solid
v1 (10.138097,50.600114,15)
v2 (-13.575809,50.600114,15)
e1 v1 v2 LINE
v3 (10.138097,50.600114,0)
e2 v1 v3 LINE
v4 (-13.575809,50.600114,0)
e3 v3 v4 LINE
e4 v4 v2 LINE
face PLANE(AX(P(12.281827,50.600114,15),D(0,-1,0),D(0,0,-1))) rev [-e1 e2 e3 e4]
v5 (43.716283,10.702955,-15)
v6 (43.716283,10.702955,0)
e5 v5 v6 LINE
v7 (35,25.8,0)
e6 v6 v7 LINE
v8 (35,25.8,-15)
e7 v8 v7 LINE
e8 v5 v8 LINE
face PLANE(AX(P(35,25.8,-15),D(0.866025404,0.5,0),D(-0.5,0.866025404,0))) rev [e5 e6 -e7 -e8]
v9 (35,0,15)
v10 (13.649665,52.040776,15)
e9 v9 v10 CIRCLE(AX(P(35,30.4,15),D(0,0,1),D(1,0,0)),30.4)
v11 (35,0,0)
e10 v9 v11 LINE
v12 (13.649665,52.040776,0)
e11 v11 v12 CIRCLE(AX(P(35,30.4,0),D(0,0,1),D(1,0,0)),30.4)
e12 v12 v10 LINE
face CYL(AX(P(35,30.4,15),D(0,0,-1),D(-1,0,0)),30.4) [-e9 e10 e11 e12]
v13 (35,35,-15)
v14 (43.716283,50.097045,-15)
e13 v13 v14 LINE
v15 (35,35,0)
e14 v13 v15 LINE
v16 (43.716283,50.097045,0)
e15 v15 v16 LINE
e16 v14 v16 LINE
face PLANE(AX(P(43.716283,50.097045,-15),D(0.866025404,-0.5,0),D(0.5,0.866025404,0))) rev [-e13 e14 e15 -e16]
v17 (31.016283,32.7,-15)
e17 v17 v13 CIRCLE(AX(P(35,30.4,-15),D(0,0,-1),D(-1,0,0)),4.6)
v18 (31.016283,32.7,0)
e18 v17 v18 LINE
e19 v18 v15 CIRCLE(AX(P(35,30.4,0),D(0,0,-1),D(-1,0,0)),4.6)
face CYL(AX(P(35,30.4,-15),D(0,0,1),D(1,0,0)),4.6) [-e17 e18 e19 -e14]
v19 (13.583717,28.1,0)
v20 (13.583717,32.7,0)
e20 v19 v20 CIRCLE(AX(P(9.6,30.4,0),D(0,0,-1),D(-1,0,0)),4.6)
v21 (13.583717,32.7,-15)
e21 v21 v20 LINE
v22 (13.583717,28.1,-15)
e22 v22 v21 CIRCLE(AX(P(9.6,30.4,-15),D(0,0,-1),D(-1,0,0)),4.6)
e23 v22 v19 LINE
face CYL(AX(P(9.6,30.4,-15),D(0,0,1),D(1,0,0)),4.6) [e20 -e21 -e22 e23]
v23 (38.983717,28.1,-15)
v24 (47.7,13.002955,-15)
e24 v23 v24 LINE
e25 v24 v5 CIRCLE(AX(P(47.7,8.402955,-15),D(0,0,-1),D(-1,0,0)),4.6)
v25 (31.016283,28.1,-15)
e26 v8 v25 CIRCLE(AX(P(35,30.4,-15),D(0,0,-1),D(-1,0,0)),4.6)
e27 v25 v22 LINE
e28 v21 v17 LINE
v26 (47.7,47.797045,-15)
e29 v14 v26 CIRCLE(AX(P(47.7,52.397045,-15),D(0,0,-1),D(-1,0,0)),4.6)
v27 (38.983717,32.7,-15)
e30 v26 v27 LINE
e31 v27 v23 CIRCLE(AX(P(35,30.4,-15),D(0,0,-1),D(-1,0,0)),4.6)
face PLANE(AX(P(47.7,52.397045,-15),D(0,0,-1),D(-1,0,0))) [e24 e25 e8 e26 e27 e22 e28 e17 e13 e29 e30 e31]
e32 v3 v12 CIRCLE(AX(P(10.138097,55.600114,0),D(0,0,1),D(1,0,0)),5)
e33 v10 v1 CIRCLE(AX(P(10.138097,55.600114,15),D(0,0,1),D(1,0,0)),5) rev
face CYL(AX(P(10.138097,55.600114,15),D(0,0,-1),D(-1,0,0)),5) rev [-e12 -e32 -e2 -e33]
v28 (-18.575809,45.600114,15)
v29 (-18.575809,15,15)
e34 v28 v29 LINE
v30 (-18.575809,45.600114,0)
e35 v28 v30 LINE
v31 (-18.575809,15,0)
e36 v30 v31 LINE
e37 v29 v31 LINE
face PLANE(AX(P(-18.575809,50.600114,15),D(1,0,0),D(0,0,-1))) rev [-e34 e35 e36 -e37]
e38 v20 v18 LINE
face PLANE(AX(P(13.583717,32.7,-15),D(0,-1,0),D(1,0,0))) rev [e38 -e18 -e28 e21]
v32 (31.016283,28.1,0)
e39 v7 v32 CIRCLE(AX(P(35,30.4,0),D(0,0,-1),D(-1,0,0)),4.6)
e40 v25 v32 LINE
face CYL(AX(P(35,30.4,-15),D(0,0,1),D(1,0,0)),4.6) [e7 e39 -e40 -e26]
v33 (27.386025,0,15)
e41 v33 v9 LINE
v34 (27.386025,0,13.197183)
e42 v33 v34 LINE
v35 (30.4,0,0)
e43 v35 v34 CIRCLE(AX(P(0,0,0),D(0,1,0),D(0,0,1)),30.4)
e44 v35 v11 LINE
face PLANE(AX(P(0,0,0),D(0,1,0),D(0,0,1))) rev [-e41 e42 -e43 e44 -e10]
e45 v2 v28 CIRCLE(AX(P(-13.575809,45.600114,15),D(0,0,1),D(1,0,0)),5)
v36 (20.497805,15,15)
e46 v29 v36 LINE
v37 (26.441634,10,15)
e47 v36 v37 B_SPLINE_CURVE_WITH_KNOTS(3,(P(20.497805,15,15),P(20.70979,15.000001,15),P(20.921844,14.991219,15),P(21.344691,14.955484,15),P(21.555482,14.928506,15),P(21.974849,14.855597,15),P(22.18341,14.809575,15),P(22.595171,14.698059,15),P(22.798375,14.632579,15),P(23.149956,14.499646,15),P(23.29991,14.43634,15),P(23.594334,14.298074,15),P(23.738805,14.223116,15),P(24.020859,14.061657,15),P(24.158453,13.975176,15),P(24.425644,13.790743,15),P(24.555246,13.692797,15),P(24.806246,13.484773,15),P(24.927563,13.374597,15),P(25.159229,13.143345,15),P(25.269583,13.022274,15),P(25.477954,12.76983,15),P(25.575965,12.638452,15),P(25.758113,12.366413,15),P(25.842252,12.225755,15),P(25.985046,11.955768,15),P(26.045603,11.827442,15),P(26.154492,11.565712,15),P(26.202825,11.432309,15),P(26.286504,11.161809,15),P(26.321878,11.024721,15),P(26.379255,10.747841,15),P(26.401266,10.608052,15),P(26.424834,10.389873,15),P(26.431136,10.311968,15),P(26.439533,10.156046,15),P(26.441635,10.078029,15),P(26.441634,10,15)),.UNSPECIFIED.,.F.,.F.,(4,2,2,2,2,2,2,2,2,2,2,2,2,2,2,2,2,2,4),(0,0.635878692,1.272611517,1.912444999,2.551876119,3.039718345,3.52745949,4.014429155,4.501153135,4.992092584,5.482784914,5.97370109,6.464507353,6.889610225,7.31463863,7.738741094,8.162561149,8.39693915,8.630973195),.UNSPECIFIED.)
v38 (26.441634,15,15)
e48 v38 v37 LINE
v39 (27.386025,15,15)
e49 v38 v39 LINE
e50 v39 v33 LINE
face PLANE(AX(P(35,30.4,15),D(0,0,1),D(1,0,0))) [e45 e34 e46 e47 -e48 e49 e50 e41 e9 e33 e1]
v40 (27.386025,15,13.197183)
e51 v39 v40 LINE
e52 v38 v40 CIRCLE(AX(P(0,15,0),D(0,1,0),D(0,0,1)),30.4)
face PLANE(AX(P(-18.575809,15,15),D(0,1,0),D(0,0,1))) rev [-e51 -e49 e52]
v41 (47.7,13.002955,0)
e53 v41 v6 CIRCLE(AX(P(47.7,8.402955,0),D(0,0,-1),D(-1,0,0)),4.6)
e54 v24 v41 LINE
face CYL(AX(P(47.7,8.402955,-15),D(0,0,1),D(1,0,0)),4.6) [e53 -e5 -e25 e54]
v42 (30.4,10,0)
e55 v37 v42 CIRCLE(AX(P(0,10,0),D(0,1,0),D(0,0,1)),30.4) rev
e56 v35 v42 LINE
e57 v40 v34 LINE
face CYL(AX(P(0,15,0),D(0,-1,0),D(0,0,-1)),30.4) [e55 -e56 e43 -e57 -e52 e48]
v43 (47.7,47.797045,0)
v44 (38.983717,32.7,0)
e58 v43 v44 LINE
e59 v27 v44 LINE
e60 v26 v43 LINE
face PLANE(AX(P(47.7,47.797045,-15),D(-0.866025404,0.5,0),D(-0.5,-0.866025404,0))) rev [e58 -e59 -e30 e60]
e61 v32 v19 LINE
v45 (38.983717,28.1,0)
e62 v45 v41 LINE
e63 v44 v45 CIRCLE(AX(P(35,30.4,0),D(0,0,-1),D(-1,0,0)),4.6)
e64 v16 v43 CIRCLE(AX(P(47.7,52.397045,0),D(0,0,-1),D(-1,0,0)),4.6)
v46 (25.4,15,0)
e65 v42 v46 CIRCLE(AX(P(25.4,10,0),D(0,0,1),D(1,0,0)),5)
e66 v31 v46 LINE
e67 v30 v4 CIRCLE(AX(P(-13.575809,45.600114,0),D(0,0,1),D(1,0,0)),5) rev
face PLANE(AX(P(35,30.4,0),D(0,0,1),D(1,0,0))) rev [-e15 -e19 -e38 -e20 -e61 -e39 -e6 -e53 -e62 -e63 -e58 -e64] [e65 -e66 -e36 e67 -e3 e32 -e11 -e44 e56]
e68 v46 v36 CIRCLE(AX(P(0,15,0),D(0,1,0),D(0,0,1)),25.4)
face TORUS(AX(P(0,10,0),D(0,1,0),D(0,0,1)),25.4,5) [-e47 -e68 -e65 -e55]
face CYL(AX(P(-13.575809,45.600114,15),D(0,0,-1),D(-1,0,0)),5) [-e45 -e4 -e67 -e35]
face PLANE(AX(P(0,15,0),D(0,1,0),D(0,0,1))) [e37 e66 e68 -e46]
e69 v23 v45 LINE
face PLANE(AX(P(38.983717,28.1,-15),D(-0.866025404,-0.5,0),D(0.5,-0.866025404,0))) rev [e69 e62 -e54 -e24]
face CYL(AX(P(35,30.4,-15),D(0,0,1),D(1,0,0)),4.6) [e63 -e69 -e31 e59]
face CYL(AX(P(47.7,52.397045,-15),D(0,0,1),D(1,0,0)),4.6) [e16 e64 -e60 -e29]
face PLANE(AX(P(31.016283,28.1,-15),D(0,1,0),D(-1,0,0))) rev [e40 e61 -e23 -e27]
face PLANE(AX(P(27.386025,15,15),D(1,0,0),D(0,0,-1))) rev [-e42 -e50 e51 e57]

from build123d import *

# Parameters (mm, degrees)
SKETCH1_R           = 30.4
BOSS_EXTRUDE1_DEPTH = 15
BOSS_EXTRUDE7_DEPTH = 15
FILLET2_R           = 5
BOSS_EXTRUDE8_DEPTH = 15


with BuildPart() as part:
    # Sketch1 → Boss-Extrude1 (new body)
    with BuildSketch(Plane(origin=(0, 0, 0), x_dir=(1, 0, 0), z_dir=(0, 1, 0))):
        Circle(SKETCH1_R)
    extrude(amount=BOSS_EXTRUDE1_DEPTH)

    # Sketch2 → Boss-Extrude7 (add)
    with BuildSketch(Plane.XY):
        with BuildLine():
            Line((12.281826966, 50.600114208), (-18.575808631, 50.600114208))
            Line((-18.575808631, 50.600114208), (-18.575808631, 15))
            Line((-18.575808631, 15), (27.386025108, 15))
            Line((27.386025108, 15), (27.386025108, 0))
            Line((27.386025108, 0), (35, 0))
            ThreePointArc((35, 0), (62.733044116, 42.851436224), (12.281826966, 50.600114208))
        make_face()
    extrude(amount=BOSS_EXTRUDE7_DEPTH)

    # Fillet2
    fillet2_edges = [part.edges().sort_by_distance(p)[0] for p in [
        (-18.575808631, 50.600114208, 7.5),
        (12.281826966, 50.600114208, 7.5),
        (-29.393755023, 15, -7.756749685),
    ]]
    fillet(fillet2_edges, radius=FILLET2_R)

    # Sketch4 → Boss-Extrude8 (add)
    with BuildSketch(Plane(origin=(0, 0, 0), x_dir=(-1, 0, 0), z_dir=(0, 0, -1))):
        with BuildLine():
            Line((-43.716283143, 50.097045256), (-35, 35))
            ThreePointArc((-35, 35), (-32.7, 34.383716857), (-31.016283143, 32.7))
            Line((-31.016283143, 32.7), (-13.583716857, 32.7))
            ThreePointArc((-13.583716857, 32.7), (-5, 30.4), (-13.583716857, 28.1))
            Line((-13.583716857, 28.1), (-31.016283143, 28.1))
            ThreePointArc((-31.016283143, 28.1), (-32.7, 26.416283143), (-35, 25.8))
            Line((-35, 25.8), (-43.716283143, 10.702954744))
            ThreePointArc((-43.716283143, 10.702954744), (-50, 4.419237886), (-47.7, 13.002954744))
            Line((-47.7, 13.002954744), (-38.983716857, 28.1))
            ThreePointArc((-38.983716857, 28.1), (-39.6, 30.4), (-38.983716857, 32.7))
            Line((-38.983716857, 32.7), (-47.7, 47.797045256))
            ThreePointArc((-47.7, 47.797045256), (-50, 56.380762114), (-43.716283143, 50.097045256))
        make_face()
    extrude(amount=BOSS_EXTRUDE8_DEPTH)


solid = part.part
